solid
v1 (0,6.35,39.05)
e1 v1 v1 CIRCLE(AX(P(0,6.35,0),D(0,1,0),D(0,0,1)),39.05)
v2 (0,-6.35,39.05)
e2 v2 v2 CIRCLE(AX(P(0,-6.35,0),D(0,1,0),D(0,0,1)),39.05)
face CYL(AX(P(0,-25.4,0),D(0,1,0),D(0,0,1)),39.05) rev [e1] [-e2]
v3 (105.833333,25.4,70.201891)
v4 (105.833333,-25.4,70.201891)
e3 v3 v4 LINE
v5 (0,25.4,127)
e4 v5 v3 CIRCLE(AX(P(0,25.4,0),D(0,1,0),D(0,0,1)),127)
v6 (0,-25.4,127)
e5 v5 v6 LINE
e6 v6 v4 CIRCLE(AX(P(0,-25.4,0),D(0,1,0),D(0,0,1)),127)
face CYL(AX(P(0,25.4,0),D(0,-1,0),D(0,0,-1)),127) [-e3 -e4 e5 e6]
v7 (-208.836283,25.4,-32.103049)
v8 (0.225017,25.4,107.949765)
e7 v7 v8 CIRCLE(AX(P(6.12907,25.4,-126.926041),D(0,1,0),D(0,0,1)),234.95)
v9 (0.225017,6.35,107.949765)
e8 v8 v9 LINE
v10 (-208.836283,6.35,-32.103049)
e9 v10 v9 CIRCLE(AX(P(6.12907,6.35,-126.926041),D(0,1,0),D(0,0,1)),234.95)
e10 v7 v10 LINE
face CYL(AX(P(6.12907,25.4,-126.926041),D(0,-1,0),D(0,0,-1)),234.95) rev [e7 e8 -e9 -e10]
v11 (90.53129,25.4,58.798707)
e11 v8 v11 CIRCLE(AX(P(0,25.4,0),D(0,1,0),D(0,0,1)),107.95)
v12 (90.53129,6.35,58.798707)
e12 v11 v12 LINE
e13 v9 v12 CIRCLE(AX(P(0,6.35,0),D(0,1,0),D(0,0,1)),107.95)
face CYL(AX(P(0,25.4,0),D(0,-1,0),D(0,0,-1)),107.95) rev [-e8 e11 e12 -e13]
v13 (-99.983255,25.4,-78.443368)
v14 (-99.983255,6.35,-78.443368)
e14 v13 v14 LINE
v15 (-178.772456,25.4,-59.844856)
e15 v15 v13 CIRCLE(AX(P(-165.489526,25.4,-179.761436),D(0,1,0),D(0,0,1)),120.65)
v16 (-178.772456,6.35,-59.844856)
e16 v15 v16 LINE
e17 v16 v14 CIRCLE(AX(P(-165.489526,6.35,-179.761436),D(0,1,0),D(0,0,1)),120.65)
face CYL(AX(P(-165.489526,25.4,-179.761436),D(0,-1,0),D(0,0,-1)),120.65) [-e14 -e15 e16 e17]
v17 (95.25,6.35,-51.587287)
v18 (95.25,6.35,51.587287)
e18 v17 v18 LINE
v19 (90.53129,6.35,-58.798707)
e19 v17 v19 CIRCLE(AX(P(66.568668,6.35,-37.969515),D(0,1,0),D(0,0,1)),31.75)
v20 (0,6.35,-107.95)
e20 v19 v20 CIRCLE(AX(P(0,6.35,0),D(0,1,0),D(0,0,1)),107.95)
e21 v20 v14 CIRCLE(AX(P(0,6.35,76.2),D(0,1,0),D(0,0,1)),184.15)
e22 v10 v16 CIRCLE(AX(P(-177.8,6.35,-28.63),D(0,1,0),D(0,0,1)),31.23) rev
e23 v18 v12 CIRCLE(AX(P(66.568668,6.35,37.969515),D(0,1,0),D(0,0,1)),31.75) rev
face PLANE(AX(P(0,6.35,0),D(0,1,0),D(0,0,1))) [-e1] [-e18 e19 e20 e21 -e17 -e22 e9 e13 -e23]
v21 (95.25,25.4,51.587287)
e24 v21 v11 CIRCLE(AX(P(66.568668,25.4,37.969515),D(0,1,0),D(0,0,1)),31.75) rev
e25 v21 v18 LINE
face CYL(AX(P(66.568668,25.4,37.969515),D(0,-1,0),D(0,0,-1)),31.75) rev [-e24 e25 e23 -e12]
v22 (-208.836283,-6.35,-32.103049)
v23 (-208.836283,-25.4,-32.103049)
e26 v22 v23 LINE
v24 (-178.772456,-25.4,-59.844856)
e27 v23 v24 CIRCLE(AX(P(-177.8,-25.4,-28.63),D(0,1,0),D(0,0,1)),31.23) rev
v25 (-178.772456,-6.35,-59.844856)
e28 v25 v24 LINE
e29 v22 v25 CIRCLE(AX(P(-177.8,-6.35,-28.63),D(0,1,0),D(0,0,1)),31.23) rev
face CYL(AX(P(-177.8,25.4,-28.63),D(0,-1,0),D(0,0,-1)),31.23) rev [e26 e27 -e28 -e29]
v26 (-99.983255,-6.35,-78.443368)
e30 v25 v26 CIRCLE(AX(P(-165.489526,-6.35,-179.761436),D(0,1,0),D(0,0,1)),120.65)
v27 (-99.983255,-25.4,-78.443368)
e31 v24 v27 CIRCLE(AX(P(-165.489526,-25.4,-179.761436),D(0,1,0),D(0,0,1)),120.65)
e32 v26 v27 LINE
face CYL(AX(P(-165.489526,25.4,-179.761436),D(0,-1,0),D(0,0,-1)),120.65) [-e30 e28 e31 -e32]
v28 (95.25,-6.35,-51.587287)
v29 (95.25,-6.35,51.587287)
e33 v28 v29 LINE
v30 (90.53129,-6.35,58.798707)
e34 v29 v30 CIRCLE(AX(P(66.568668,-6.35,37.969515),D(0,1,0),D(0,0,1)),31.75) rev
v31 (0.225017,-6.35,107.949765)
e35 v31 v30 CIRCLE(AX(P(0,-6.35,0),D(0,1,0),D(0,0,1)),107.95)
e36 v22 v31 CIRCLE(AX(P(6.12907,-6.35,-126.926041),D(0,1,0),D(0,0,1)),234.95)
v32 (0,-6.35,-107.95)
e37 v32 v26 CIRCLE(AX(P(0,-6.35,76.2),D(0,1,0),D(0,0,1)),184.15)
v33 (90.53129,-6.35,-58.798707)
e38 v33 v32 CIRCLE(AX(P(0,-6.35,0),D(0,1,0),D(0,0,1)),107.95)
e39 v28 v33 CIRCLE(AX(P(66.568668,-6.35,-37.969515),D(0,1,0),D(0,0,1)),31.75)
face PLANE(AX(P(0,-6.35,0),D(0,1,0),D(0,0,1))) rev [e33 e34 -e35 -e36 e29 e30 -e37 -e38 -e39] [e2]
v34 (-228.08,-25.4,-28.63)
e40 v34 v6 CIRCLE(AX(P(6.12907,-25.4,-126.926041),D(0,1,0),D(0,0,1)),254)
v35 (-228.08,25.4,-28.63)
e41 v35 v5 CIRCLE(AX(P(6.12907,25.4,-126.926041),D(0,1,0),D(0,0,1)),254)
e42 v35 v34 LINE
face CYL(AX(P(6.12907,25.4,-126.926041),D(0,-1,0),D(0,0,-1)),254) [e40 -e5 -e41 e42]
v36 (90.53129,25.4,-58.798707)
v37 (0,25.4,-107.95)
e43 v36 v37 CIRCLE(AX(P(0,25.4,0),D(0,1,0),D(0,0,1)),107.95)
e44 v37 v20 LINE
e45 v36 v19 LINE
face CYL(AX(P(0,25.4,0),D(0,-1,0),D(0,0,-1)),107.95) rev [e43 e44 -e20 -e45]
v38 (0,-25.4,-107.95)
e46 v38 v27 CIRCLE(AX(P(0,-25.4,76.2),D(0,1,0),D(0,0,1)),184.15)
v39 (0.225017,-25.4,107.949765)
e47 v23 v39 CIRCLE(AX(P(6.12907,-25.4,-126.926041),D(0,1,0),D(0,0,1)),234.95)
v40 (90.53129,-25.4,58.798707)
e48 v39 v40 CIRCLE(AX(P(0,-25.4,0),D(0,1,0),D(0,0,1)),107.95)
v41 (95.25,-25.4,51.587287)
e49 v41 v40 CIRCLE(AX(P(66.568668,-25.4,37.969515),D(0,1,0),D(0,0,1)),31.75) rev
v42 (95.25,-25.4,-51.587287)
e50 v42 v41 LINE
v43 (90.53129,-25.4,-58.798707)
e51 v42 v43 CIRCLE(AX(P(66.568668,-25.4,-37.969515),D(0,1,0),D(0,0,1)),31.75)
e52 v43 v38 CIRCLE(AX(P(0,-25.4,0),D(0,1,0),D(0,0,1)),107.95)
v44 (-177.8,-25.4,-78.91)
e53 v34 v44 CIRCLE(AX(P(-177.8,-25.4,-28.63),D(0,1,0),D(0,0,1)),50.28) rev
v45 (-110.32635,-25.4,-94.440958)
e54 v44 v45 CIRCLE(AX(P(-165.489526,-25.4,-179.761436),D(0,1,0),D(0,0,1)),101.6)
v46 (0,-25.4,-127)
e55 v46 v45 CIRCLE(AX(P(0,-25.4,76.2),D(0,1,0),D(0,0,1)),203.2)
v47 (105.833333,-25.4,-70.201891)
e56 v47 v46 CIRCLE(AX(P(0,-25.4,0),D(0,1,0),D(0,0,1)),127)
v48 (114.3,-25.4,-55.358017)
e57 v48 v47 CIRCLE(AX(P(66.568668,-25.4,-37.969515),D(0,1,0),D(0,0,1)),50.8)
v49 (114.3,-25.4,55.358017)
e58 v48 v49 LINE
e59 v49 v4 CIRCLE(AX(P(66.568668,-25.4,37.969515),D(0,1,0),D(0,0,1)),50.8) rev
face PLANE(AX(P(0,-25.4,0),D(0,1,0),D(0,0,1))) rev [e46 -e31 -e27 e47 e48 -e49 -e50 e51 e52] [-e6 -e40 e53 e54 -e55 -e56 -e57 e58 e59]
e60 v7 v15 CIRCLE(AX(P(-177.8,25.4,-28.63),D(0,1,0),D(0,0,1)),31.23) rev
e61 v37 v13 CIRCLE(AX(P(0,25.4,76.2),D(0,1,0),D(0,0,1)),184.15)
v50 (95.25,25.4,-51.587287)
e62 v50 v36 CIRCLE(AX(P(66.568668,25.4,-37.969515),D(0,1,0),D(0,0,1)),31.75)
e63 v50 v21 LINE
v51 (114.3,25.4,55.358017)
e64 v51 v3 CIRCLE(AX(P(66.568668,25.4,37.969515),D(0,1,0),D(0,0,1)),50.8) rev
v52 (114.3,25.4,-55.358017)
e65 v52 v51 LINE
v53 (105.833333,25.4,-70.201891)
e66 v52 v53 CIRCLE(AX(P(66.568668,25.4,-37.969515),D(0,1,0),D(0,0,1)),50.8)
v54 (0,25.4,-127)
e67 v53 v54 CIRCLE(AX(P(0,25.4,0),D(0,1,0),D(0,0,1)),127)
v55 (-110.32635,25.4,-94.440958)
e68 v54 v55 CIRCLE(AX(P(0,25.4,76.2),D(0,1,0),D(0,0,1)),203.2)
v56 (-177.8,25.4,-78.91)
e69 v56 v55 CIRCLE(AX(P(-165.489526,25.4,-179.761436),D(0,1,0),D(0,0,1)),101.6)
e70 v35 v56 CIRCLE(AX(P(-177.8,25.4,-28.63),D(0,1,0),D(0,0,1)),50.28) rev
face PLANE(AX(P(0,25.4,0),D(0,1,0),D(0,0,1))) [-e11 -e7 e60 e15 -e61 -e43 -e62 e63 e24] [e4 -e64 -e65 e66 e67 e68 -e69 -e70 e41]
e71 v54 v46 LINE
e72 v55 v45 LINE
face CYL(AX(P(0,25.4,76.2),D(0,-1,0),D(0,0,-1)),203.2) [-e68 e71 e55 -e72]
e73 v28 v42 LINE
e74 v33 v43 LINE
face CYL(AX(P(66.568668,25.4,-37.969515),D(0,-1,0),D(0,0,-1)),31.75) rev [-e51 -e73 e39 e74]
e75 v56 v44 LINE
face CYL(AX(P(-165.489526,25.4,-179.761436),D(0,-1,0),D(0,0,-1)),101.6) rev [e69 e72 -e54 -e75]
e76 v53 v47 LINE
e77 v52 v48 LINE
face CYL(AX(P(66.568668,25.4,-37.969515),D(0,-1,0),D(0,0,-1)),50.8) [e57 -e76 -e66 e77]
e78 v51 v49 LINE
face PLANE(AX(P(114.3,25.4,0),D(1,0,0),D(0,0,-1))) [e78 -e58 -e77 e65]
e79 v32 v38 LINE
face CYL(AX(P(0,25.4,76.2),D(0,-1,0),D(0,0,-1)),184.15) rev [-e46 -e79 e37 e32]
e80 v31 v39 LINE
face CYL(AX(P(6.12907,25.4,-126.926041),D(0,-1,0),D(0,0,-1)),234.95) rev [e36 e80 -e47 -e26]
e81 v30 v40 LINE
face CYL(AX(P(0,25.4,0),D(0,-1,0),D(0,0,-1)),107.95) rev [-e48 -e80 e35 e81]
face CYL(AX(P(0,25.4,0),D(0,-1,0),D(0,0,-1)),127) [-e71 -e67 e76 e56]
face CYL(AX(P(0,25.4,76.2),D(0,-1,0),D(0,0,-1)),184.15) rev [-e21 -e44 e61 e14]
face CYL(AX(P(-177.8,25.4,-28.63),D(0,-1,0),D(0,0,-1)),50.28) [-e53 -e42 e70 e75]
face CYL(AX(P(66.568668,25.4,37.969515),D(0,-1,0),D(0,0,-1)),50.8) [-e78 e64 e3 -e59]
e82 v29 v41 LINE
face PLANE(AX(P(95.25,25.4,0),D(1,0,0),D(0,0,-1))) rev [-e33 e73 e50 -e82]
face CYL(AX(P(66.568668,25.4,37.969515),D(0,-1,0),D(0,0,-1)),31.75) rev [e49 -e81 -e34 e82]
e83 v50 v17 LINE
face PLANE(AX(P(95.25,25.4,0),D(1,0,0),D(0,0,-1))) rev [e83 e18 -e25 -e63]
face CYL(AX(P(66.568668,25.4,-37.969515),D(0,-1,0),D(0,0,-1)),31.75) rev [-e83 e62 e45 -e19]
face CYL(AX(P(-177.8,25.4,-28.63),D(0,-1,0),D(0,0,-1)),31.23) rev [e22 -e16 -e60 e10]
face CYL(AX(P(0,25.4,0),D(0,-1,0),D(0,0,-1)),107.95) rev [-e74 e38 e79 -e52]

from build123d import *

# Parameters (mm, degrees)
BOSS_EXTRUDE1_DEPTH     = 6.35
BOSS_EXTRUDE3_DEPTH     = 25.4
CUT_EXTRUDE1_DEPTH      = 263.978228947
CUT_EXTRUDE1_DEPTH_BACK = 263.978228947
SKETCH2_R               = 39.05


with BuildPart() as part:
    # Sketch1 → Boss-Extrude1 (new, symmetric)
    with BuildSketch(Plane(origin=(0, 0, 0), x_dir=(1, 0, 0), z_dir=(0, 1, 0))):
        with BuildLine():
            Line((95.25, -51.587287188), (95.25, -42.12))
            Line((95.25, -42.12), (95.25, 42.12))
            Line((95.25, 42.12), (95.25, 51.587287188))
            ThreePointArc((95.25, 51.587287188), (93.136460997, 55.353844077), (90.531290228, 58.798707381))
            ThreePointArc((90.531290228, 58.798707381), (51.506708486, 94.86970792), (0, 107.95))
            ThreePointArc((0, 107.95), (-52.123153766, 100.419362872), (-99.983255054, 78.443367814))
            ThreePointArc((-99.983255054, 78.443367814), (-137.771381999, 62.338580791), (-178.772455636, 59.844855919))
            ThreePointArc((-178.772455636, 59.844855919), (-198.978805326, 51.581494612), (-208.83628251, 32.103048795))
            ThreePointArc((-208.83628251, 32.103048795), (-124.636067917, -68.271246819), (0.22501695, -107.949765481))
            ThreePointArc((0.22501695, -107.949765481), (51.605556398, -94.81597465), (90.531290228, -58.798707381))
            ThreePointArc((90.531290228, -58.798707381), (93.136460997, -55.353844077), (95.25, -51.587287188))
        make_face()
    extrude(amount=BOSS_EXTRUDE1_DEPTH, both=True)

    # Sketch1<4> → Boss-Extrude3 (add, symmetric)
    with BuildSketch(Plane(origin=(0, 0, 0), x_dir=(1, 0, 0), z_dir=(0, 1, 0))):
        with BuildLine():
            Line((114.3, -55.358016583), (114.3, 55.358016583))
            ThreePointArc((114.3, 55.358016583), (110.69531577, 63.1385236), (105.833333333, 70.201891396))
            ThreePointArc((105.833333333, 70.201891396), (60.055640005, 111.903172894), (0, 127))
            ThreePointArc((0, 127), (-57.515204156, 118.690331445), (-110.326350404, 94.440957588))
            ThreePointArc((-110.326350404, 94.440957588), (-142.699370878, 80.750483212), (-177.8, 78.91))
            ThreePointArc((-177.8, 78.91), (-213.353328958, 64.183328958), (-228.08, 28.63))
            ThreePointArc((-228.08, 28.63), (-137.03440171, -82.883921429), (0, -127))
            ThreePointArc((0, -127), (60.055640005, -111.903172894), (105.833333333, -70.201891396))
            ThreePointArc((105.833333333, -70.201891396), (110.69531577, -63.1385236), (114.3, -55.358016583))
        make_face()
        with BuildLine():
            Line((95.25, 42.12), (95.25, -42.12))
            Line((95.25, -42.12), (95.25, -51.587287188))
            ThreePointArc((95.25, -51.587287188), (93.136460997, -55.353844077), (90.531290228, -58.798707381))
            ThreePointArc((90.531290228, -58.798707381), (51.605556398, -94.81597465), (0.22501695, -107.949765481))
            ThreePointArc((0.22501695, -107.949765481), (-124.636067917, -68.271246819), (-208.83628251, 32.103048795))
            ThreePointArc((-208.83628251, 32.103048795), (-198.978805326, 51.581494612), (-178.772455636, 59.844855919))
            ThreePointArc((-178.772455636, 59.844855919), (-137.771381999, 62.338580791), (-99.983255054, 78.443367814))
            ThreePointArc((-99.983255054, 78.443367814), (-52.123153766, 100.419362872), (0, 107.95))
            ThreePointArc((0, 107.95), (51.506708486, 94.86970792), (90.531290228, 58.798707381))
            ThreePointArc((90.531290228, 58.798707381), (93.136460997, 55.353844077), (95.25, 51.587287188))
            Line((95.25, 51.587287188), (95.25, 42.12))
        make_face(mode=Mode.SUBTRACT)
    extrude(amount=BOSS_EXTRUDE3_DEPTH, both=True)

    # Sketch2 → Cut-Extrude1 (cut, two sides: drawn at the far end of the back side and taken through both)
    with BuildSketch(Plane(origin=(0, 6.35, 0), x_dir=(1, 0, 0), z_dir=(0, 1, 0)).offset(-CUT_EXTRUDE1_DEPTH_BACK)):
        Circle(SKETCH2_R)
    extrude(amount=CUT_EXTRUDE1_DEPTH + CUT_EXTRUDE1_DEPTH_BACK, mode=Mode.SUBTRACT)


solid = part.part
